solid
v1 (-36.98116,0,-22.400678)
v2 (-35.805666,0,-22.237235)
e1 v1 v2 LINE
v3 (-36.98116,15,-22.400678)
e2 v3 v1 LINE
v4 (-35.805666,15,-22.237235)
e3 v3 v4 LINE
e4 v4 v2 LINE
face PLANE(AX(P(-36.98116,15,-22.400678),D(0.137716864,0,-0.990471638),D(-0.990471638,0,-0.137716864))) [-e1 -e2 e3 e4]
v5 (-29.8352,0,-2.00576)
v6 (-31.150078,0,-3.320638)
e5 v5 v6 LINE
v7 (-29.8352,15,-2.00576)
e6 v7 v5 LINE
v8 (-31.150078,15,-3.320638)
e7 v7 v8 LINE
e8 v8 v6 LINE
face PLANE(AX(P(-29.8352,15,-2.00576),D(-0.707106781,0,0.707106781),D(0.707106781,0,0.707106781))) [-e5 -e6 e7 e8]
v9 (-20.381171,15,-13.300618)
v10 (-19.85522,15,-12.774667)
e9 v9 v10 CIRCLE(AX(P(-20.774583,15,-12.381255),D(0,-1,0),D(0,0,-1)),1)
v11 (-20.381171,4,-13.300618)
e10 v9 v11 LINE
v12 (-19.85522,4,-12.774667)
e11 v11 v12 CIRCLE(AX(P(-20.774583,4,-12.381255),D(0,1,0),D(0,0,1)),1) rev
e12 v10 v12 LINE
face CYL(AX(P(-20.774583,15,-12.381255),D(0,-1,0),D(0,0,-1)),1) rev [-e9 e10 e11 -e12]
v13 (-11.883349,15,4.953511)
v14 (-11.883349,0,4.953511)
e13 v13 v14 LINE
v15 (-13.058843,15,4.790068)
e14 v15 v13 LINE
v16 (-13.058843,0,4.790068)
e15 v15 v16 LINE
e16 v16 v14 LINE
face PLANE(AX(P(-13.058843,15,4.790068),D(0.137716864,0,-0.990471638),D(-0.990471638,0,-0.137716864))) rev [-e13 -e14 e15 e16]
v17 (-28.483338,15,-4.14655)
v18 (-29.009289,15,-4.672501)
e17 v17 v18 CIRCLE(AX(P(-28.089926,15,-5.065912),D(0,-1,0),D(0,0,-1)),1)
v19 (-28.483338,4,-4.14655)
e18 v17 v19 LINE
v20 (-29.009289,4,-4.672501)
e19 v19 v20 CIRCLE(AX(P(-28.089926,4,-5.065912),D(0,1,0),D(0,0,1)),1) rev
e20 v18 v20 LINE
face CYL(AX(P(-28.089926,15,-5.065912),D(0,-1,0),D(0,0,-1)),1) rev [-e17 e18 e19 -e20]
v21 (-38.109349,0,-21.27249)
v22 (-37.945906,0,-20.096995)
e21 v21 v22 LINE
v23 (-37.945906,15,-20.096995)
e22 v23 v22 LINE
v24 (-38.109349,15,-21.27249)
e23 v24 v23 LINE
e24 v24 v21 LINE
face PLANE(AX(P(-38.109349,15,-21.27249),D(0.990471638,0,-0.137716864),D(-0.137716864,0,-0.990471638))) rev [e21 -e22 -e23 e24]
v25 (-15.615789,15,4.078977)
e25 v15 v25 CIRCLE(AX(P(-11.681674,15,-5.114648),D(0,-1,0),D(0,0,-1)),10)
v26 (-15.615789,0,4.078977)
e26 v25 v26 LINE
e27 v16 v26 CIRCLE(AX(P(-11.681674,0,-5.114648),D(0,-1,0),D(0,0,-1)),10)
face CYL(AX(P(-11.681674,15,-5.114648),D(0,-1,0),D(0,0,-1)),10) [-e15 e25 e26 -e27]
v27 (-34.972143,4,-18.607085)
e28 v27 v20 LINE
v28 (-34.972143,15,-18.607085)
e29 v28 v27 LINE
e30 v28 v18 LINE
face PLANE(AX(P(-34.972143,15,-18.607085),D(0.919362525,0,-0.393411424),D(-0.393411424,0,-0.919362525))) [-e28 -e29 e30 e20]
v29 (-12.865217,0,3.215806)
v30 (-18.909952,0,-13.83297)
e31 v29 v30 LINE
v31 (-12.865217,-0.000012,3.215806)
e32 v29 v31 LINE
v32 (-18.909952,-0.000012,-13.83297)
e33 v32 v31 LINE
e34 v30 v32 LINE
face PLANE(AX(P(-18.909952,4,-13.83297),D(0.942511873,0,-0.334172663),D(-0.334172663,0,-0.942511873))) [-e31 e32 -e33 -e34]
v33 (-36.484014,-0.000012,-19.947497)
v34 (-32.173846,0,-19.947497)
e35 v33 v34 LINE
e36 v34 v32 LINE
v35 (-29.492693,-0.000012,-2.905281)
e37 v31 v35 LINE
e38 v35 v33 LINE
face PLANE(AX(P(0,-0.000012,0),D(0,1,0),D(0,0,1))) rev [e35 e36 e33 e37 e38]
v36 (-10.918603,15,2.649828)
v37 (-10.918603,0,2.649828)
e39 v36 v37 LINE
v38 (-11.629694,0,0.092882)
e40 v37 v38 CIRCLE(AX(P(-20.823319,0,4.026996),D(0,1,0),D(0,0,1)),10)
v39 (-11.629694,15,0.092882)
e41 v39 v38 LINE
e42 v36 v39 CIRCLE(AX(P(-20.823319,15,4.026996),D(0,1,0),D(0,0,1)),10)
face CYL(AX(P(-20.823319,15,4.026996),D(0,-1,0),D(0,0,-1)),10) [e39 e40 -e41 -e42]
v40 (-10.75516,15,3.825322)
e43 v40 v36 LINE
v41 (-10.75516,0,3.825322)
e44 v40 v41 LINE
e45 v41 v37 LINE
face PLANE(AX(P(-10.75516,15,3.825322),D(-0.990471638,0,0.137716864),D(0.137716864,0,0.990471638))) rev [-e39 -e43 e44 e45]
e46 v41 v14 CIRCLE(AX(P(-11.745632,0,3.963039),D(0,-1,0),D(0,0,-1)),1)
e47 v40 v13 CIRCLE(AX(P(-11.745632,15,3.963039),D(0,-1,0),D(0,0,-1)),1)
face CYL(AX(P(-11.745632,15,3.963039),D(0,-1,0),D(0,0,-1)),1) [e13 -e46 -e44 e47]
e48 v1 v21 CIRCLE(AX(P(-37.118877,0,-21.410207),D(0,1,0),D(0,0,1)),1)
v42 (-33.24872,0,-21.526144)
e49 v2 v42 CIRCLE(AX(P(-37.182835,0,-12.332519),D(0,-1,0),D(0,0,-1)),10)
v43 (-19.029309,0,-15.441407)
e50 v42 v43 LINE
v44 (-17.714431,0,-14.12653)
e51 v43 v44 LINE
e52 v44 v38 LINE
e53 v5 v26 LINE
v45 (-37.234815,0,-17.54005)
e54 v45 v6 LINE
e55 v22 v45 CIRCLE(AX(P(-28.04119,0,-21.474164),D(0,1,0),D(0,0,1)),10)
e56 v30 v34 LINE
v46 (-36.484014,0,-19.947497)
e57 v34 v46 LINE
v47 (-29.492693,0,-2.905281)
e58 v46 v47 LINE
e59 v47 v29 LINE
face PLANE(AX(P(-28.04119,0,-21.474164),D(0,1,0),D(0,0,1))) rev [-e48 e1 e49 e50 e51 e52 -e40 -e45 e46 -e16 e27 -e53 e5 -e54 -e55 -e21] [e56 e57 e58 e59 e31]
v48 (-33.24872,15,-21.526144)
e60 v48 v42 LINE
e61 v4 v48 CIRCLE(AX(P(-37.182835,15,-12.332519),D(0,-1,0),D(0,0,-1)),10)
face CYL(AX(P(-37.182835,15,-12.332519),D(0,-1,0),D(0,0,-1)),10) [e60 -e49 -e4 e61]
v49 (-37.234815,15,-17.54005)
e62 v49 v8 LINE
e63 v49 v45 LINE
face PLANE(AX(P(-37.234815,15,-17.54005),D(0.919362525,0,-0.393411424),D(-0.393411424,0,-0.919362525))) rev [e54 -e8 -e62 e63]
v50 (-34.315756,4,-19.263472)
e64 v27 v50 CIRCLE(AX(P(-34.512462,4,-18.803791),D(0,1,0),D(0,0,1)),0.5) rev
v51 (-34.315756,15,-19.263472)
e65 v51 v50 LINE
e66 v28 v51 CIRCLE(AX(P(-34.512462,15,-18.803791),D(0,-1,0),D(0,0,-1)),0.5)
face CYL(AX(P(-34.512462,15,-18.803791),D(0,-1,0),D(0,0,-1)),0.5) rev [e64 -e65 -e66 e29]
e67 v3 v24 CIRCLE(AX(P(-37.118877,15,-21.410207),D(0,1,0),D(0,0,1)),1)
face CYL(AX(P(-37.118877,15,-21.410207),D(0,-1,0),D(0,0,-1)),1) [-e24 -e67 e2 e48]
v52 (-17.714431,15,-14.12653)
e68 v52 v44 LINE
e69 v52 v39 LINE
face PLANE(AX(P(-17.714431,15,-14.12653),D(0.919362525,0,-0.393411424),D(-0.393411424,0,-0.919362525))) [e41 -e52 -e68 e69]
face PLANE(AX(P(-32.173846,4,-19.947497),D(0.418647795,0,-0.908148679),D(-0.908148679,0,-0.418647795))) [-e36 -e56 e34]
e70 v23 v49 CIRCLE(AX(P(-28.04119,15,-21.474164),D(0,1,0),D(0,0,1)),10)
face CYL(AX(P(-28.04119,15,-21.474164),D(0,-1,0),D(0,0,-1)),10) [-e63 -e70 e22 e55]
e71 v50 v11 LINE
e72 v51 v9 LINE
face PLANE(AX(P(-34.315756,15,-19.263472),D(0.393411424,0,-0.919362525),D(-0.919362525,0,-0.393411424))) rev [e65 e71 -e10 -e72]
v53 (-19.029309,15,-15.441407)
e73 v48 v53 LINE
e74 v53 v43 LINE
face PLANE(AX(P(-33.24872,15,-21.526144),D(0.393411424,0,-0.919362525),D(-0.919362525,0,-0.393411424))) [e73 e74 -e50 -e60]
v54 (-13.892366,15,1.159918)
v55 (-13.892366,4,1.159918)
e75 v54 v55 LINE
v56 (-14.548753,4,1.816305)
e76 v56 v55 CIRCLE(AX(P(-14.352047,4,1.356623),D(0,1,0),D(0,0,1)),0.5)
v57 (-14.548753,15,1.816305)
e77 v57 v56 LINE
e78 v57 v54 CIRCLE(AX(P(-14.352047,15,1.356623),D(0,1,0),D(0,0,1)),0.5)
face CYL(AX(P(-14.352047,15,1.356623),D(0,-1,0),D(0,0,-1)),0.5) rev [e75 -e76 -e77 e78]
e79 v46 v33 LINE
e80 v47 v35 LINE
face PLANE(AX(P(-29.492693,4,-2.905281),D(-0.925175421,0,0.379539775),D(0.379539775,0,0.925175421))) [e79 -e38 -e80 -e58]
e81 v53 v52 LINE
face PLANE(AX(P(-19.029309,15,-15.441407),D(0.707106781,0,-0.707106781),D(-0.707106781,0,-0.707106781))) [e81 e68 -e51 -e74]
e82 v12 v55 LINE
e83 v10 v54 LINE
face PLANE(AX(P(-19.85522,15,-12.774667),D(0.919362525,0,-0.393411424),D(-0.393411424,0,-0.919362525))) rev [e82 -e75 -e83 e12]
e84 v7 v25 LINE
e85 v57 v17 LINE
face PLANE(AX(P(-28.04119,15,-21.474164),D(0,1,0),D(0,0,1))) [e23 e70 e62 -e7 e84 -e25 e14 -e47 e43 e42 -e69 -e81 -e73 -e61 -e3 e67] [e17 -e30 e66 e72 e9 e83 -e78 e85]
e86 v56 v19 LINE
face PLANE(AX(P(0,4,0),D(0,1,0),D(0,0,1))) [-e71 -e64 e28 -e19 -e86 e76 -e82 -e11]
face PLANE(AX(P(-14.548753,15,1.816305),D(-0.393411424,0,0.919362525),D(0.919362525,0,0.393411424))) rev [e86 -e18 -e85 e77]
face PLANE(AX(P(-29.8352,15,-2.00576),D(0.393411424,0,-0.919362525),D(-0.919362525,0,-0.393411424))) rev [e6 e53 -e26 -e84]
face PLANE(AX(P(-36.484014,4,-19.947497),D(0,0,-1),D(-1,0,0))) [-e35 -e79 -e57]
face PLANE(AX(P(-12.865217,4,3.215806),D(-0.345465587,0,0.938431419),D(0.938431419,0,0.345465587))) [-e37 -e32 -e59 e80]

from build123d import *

# Parameters (mm, degrees)
BOSS_EXTRUDE1_DEPTH = 15
BOSS_EXTRUDE2_START = -4
BOSS_EXTRUDE2_DEPTH = 4.000012


with BuildPart() as part:
    # Sketch1 → Boss-Extrude1 (new body)
    with BuildSketch(Plane(origin=(0, 0, 0), x_dir=(1, 0, 0), z_dir=(0, 1, 0))):
        with BuildLine():
            Line((-33.248720492, 21.52614432), (-19.029308571, 15.44140741))
            Line((-19.029308571, 15.44140741), (-17.714430818, 14.126529658))
            Line((-17.714430818, 14.126529658), (-11.629693909, -0.092882264))
            ThreePointArc((-11.629693909, -0.092882264), (-11.188945491, -1.347659996), (-10.918602777, -2.649827859))
            Line((-10.918602777, -2.649827859), (-10.755160033, -3.825322261))
            ThreePointArc((-10.755160033, -3.825322261), (-11.038524889, -4.670145906), (-11.883348535, -4.953510763))
            Line((-11.883348535, -4.953510763), (-13.058842937, -4.790068018))
            ThreePointArc((-13.058842937, -4.790068018), (-14.361010799, -4.519725304), (-15.615788532, -4.078976887))
            Line((-15.615788532, -4.078976887), (-29.835200454, 2.005760022))
            Line((-29.835200454, 2.005760022), (-31.150078206, 3.320637775))
            Line((-31.150078206, 3.320637775), (-37.234815116, 17.540049697))
            ThreePointArc((-37.234815116, 17.540049697), (-37.675563533, 18.794827429), (-37.945906247, 20.096995292))
            Line((-37.945906247, 20.096995292), (-38.109348992, 21.272489694))
            ThreePointArc((-38.109348992, 21.272489694), (-37.825984135, 22.117313339), (-36.98116049, 22.400678196))
            Line((-36.98116049, 22.400678196), (-35.805666088, 22.237235451))
            ThreePointArc((-35.805666088, 22.237235451), (-34.503498225, 21.966892737), (-33.248720492, 21.52614432))
        make_face()
        with BuildLine():
            Line((-34.972142842, 18.607085072), (-29.009288651, 4.672500679))
            ThreePointArc((-29.009288651, 4.672500679), (-28.797032907, 4.358805321), (-28.48333755, 4.146549578))
            Line((-28.48333755, 4.146549578), (-14.548753156, -1.816304613))
            ThreePointArc((-14.548753156, -1.816304613), (-13.998494054, -1.710176742), (-13.892366182, -1.159917639))
            Line((-13.892366182, -1.159917639), (-19.855220374, 12.774666754))
            ThreePointArc((-19.855220374, 12.774666754), (-20.067476117, 13.088362112), (-20.381171475, 13.300617855))
            Line((-20.381171475, 13.300617855), (-34.315755868, 19.263472046))
            ThreePointArc((-34.315755868, 19.263472046), (-34.86601497, 19.157344174), (-34.972142842, 18.607085072))
        make_face(mode=Mode.SUBTRACT)
    extrude(amount=BOSS_EXTRUDE1_DEPTH)

    # Sketch2 → Boss-Extrude2 (add)
    with BuildSketch(Plane.XZ.offset(BOSS_EXTRUDE2_START)):
        Polygon((-12.865216707, 3.215805982), (-29.492692689, -2.90528144), (-36.484014197, -19.947497419), (-32.173846311, -19.947497419), (-18.909952053, -13.83296991), align=None)
    extrude(amount=BOSS_EXTRUDE2_DEPTH)


solid = part.part
